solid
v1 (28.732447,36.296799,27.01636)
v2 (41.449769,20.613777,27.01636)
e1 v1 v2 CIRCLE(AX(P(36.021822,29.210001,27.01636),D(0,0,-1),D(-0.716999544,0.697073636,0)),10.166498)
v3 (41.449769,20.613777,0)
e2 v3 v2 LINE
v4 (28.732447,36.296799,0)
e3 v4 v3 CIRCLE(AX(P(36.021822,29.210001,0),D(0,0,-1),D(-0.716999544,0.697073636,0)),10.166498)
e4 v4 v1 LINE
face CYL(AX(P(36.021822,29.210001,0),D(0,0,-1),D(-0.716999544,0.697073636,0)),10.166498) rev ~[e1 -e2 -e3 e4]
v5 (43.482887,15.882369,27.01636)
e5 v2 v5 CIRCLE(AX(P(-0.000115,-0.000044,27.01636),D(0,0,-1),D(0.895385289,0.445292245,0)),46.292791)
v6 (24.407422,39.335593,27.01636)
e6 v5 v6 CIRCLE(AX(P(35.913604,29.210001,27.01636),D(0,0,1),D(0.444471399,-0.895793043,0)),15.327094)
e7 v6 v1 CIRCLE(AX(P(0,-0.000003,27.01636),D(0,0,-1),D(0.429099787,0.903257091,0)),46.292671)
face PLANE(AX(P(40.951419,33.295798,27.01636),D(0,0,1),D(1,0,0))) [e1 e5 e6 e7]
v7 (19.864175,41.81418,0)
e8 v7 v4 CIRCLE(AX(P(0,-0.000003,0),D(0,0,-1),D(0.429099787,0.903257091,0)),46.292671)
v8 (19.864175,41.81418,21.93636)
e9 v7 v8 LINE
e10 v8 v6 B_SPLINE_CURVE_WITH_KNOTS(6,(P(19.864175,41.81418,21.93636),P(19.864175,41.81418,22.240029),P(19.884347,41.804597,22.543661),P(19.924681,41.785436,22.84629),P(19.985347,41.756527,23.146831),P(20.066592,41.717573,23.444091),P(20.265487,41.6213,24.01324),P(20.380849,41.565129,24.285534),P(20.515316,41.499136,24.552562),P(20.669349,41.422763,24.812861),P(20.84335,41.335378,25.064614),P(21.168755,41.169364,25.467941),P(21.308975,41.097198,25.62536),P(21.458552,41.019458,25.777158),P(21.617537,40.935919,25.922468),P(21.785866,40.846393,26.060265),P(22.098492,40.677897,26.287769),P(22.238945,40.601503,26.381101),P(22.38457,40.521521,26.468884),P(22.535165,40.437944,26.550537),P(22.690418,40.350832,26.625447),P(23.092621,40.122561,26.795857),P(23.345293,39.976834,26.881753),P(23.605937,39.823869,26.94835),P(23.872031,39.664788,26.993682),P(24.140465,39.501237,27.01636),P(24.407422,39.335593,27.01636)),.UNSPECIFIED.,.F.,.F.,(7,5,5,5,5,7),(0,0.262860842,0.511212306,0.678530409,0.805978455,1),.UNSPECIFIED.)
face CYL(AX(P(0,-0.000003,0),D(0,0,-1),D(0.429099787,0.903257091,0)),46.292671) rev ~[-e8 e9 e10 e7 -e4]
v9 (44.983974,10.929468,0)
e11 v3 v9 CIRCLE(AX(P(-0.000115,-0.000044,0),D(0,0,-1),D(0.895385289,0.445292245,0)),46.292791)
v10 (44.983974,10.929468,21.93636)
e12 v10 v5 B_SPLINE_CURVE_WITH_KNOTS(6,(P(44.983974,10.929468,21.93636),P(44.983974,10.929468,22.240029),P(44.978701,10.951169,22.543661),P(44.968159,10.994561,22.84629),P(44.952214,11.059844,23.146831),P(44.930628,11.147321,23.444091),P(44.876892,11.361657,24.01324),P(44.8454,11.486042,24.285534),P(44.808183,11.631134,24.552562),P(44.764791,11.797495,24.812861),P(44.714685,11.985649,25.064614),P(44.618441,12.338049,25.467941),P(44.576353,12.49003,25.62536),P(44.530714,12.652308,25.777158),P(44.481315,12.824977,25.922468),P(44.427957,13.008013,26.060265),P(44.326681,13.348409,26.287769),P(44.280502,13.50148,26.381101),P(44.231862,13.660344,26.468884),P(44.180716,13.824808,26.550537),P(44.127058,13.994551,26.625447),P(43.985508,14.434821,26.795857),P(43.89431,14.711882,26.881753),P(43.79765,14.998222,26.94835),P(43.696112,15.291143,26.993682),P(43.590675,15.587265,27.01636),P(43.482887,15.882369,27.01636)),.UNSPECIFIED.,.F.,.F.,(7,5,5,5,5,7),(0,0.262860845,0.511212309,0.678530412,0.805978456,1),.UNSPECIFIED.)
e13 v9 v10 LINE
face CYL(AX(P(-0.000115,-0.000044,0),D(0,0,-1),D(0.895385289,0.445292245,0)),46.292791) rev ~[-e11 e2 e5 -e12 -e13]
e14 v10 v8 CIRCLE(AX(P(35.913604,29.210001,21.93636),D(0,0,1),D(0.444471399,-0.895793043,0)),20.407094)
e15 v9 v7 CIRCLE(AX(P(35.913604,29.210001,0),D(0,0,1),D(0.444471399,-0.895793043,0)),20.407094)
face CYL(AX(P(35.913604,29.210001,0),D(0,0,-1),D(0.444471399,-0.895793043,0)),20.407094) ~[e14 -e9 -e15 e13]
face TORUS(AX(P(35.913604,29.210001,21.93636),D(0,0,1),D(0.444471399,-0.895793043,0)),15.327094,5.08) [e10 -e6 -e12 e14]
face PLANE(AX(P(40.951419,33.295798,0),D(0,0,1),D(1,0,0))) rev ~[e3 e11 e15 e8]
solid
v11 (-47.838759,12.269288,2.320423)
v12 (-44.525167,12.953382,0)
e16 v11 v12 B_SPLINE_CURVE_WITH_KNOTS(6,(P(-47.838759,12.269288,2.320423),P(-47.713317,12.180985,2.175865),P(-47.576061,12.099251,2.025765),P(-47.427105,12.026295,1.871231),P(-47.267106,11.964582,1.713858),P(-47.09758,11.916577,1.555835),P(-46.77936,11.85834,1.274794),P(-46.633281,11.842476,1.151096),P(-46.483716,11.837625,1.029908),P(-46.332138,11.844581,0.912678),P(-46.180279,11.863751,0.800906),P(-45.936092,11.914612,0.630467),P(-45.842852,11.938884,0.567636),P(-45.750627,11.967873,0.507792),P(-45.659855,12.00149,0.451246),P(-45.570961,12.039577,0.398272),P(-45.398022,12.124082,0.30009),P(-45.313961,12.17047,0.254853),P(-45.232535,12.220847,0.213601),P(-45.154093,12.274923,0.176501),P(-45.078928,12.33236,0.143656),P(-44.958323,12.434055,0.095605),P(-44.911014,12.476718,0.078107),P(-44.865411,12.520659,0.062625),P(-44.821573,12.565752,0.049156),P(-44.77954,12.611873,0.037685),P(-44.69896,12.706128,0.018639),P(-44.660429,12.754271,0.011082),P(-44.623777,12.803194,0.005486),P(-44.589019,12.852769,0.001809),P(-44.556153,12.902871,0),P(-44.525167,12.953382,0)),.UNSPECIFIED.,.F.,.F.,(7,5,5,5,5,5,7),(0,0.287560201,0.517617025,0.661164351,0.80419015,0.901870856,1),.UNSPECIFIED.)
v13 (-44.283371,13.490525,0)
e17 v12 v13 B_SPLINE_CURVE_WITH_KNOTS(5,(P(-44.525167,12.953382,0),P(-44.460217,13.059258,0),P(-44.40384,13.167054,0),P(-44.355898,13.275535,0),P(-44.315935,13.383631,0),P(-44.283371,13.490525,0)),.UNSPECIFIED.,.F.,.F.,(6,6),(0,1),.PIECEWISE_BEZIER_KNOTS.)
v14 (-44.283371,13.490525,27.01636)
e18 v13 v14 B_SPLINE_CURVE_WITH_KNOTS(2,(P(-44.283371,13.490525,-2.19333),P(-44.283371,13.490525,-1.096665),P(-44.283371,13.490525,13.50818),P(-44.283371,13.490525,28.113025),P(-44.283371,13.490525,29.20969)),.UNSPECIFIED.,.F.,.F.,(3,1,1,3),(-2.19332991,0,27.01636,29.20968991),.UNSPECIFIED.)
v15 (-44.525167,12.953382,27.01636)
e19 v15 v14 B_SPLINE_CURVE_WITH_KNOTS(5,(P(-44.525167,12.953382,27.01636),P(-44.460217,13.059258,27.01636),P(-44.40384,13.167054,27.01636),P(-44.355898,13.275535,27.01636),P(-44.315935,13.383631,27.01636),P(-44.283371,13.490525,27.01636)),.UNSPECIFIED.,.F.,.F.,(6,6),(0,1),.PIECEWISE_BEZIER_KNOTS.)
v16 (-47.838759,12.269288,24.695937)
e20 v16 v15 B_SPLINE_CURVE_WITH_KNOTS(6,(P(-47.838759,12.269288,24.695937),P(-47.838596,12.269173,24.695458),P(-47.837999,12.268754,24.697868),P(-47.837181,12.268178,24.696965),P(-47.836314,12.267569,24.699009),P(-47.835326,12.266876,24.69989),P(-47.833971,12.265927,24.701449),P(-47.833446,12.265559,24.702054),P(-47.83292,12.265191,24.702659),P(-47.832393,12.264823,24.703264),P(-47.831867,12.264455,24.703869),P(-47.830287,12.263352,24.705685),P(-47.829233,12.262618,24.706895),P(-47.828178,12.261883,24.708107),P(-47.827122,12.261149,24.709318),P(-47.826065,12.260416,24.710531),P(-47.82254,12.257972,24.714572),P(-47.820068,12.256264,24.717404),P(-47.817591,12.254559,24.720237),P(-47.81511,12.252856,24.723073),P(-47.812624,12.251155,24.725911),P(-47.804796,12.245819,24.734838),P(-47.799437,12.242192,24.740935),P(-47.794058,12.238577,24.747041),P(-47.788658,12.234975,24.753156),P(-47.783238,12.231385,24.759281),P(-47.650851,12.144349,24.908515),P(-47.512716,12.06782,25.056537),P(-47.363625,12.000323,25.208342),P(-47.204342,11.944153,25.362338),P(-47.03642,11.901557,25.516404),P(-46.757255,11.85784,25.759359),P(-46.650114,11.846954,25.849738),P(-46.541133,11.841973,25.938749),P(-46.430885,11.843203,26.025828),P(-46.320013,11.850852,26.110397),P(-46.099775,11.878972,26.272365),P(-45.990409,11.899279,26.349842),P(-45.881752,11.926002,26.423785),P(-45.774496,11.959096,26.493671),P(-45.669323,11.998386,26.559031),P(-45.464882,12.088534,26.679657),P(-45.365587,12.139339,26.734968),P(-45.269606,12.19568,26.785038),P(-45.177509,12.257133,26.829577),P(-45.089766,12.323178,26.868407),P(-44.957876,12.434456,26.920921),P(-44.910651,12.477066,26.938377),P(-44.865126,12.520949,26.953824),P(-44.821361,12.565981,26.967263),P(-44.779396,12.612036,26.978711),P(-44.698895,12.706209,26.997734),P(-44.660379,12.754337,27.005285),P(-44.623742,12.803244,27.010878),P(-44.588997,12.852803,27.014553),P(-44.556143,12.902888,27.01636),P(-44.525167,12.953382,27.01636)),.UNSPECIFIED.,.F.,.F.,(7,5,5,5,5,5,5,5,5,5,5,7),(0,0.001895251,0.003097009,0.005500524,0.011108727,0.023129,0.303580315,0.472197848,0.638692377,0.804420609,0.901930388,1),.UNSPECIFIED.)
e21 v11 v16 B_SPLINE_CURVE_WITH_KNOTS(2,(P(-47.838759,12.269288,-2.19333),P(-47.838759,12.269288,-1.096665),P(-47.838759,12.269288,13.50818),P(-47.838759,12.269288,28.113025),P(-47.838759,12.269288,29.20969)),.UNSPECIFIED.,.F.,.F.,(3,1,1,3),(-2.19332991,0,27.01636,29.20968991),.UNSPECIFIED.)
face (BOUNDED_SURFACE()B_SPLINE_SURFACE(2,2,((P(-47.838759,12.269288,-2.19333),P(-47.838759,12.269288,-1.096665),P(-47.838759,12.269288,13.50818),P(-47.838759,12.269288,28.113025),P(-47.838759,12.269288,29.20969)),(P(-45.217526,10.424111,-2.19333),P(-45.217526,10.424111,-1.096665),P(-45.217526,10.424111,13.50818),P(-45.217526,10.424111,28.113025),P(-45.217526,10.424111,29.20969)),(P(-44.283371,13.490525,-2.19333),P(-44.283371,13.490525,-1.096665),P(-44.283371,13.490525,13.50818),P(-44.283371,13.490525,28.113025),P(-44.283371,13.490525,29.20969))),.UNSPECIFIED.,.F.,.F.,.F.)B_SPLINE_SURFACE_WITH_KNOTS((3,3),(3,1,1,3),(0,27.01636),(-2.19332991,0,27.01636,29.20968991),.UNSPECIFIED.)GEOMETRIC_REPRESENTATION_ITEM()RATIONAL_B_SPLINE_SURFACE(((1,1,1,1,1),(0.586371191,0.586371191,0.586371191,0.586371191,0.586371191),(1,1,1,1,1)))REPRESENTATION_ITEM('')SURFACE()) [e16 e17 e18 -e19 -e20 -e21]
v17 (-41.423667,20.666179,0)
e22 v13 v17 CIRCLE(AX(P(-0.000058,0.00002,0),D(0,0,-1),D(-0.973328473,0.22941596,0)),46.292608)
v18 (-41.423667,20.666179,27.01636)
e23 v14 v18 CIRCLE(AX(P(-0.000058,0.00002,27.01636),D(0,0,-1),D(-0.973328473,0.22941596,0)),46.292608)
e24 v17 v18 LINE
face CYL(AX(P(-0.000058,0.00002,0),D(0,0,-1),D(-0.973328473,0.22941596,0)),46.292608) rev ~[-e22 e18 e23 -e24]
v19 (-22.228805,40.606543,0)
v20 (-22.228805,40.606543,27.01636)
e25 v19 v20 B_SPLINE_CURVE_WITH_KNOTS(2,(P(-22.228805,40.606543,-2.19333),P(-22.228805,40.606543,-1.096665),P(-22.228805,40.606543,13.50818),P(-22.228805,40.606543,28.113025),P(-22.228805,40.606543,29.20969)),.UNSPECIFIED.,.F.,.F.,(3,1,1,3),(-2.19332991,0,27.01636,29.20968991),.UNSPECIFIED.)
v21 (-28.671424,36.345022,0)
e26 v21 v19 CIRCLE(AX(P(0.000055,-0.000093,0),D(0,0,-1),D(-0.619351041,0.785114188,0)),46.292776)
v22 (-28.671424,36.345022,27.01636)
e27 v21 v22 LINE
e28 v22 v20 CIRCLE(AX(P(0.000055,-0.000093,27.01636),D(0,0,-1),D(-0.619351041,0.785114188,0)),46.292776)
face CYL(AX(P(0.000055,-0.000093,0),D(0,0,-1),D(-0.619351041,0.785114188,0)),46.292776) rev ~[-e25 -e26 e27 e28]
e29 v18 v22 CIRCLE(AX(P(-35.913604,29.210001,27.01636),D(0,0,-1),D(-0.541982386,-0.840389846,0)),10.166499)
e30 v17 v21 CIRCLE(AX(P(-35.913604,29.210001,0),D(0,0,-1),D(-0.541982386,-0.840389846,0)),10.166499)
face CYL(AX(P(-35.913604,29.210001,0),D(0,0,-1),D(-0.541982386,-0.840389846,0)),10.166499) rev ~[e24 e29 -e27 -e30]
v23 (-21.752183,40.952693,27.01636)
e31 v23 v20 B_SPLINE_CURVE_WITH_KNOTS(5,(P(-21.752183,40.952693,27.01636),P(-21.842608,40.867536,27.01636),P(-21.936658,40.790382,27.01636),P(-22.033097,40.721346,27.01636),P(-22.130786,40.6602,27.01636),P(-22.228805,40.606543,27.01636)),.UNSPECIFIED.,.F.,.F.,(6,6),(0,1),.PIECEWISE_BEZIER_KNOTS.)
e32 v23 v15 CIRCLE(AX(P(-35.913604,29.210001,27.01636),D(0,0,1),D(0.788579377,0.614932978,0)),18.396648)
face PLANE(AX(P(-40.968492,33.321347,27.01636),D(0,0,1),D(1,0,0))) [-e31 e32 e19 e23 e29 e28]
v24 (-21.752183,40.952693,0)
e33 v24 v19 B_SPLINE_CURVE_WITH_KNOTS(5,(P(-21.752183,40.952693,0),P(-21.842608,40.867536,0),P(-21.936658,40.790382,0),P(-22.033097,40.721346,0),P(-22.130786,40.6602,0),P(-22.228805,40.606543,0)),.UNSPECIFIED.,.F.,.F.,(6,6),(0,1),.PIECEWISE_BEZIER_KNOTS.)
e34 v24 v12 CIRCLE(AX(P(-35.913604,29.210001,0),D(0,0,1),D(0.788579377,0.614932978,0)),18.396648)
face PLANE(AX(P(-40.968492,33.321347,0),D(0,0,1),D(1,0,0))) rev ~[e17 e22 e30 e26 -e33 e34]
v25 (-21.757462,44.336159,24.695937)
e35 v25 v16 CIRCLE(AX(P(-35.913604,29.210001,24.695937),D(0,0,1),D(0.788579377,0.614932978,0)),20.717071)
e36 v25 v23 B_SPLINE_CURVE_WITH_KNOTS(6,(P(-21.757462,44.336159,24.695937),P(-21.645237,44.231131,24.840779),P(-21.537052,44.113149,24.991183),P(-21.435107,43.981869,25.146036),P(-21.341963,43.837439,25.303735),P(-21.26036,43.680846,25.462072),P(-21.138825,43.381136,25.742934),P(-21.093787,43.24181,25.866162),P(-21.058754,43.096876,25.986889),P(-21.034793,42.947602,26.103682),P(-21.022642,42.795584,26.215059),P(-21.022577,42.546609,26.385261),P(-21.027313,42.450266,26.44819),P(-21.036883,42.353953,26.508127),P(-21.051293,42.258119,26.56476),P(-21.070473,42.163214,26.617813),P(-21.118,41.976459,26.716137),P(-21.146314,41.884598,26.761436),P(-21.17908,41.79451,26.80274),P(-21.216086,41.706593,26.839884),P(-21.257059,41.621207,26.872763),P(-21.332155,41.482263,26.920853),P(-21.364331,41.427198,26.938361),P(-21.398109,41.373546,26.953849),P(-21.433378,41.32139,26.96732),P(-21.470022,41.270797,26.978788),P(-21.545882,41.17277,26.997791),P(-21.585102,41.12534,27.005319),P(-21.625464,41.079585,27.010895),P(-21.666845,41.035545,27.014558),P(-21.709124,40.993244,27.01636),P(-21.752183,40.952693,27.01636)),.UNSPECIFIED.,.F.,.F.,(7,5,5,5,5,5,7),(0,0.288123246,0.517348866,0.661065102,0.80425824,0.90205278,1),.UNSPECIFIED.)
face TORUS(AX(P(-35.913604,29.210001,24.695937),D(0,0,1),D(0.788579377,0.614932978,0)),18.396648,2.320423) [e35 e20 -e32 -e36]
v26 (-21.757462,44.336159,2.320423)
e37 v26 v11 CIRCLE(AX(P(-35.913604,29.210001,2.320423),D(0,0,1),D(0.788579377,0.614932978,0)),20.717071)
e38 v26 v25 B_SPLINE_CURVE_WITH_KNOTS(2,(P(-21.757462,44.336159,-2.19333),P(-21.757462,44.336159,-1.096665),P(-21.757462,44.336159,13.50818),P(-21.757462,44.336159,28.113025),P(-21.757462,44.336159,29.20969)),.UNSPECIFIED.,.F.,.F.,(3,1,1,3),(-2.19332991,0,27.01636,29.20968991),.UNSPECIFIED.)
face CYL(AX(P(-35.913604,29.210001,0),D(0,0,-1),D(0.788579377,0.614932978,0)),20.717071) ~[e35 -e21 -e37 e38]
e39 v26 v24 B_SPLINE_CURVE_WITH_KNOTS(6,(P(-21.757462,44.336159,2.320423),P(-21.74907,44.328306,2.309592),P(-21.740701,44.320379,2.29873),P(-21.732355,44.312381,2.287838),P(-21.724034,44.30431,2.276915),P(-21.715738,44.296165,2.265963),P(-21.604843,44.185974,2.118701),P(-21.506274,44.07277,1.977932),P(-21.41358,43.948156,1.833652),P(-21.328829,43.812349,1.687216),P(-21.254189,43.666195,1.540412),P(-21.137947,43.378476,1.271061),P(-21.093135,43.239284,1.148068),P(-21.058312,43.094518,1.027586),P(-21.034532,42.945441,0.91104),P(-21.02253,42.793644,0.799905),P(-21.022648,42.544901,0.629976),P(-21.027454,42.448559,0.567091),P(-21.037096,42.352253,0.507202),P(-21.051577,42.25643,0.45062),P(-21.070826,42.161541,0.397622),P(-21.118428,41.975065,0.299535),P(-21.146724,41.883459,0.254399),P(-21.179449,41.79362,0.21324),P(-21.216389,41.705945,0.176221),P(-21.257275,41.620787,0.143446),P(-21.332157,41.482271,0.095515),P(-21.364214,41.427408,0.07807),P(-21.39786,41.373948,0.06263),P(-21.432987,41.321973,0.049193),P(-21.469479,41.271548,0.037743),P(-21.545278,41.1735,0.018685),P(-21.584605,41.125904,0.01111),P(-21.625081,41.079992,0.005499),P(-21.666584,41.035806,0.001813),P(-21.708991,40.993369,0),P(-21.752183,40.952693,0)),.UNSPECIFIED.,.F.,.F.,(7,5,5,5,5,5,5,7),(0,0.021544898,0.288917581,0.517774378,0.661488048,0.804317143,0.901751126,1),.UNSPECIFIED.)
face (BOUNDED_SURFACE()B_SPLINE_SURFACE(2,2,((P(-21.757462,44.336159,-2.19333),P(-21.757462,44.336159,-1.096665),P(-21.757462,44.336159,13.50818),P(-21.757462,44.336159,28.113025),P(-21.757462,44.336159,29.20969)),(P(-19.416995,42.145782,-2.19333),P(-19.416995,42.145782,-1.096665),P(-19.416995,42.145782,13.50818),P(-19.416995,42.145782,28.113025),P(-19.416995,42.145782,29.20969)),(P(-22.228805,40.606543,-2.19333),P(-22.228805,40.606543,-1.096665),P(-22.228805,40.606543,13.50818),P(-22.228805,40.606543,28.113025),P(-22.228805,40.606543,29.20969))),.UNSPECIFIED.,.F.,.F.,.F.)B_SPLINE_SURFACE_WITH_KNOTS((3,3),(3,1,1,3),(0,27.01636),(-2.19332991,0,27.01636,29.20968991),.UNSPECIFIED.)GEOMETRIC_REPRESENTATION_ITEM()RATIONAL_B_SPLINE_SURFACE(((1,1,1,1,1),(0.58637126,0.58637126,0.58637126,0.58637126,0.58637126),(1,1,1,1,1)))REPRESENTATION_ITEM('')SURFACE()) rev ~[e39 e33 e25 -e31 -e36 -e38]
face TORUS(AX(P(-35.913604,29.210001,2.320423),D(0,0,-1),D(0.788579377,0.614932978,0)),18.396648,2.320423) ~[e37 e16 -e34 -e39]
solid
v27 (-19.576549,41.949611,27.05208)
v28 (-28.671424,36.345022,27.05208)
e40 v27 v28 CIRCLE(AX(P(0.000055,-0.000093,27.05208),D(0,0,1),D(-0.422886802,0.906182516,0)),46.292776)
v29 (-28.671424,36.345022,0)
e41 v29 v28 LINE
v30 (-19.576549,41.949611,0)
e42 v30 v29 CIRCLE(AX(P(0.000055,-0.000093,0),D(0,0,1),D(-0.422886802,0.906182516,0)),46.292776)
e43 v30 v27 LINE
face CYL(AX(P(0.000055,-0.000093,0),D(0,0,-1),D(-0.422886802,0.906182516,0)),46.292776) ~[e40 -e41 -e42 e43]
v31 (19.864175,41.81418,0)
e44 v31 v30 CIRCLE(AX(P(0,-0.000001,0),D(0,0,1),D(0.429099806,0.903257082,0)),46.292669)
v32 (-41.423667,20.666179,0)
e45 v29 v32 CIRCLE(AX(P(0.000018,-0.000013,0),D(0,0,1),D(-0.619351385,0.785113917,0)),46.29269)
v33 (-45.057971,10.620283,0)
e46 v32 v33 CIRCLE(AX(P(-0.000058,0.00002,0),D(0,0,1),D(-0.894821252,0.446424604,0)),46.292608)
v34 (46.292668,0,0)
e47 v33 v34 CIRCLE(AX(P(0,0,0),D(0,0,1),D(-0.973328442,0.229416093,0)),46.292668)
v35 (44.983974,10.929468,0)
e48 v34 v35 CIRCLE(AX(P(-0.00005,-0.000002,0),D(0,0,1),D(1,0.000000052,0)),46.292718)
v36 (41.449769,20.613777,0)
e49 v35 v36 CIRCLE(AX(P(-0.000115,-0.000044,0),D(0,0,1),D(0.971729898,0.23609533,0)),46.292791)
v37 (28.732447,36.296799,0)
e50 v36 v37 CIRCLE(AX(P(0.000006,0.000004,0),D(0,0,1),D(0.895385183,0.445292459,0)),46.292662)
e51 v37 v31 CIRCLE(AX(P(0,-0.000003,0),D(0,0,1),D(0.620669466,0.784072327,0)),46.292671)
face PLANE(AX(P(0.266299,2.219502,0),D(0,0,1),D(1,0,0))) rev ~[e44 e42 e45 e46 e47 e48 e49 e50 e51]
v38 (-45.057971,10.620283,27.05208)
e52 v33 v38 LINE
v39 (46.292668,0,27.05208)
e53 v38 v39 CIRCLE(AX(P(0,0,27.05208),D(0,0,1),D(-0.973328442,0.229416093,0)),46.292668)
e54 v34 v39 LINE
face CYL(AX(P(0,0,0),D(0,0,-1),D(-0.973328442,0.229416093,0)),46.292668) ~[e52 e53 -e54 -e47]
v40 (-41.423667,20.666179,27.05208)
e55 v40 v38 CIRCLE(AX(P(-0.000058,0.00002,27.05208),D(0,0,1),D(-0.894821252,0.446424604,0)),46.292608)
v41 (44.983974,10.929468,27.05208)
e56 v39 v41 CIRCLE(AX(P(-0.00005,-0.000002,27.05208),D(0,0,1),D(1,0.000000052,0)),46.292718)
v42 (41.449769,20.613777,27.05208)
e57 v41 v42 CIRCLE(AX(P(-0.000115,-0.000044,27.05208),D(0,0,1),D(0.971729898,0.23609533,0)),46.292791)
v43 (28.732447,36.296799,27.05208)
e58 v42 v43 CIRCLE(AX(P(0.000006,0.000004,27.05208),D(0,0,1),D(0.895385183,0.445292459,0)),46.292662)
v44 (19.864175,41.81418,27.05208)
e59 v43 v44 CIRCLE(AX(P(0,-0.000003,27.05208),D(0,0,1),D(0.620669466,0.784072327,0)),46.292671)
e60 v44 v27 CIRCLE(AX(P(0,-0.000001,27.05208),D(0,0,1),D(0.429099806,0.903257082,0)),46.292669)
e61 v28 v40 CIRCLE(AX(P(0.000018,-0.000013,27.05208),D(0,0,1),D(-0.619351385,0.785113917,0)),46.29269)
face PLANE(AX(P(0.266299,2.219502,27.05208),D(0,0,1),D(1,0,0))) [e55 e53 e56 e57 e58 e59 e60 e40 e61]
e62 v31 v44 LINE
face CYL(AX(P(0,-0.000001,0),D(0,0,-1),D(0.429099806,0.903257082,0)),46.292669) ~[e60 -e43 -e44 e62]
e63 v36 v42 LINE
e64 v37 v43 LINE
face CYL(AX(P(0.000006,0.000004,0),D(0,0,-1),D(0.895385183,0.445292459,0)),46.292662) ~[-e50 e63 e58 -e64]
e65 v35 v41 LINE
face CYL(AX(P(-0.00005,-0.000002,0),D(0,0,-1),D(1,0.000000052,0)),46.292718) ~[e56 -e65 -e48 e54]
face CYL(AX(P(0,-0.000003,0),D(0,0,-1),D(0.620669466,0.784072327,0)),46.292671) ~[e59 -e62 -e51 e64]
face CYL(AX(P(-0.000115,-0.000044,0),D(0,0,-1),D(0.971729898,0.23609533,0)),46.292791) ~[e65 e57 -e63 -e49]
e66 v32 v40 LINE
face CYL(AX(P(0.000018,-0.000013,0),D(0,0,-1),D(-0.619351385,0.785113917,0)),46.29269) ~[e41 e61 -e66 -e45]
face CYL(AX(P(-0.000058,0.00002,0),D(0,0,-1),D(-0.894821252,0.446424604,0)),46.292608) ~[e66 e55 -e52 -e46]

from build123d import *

# Parameters (mm, degrees)
F1_DEPTH = 27.01636
F2_DEPTH = 27.05208
F3_R     = 2.320423
F4_R     = 5.08


with BuildPart() as f1:
    # F0 (on Top) → F1 (new body)
    with BuildSketch(Plane.XY):
        with BuildLine():
            ThreePointArc((-19.576549, 41.949611), (-51.985797, 42.282172), (-45.057971, 10.620283))
            ThreePointArc((-45.057971, 10.620283), (-43.53158, 15.74842), (-41.423667, 20.666179))
            ThreePointArc((-41.423667, 20.666179), (-43.800719, 35.624914), (-28.671424, 36.345022))
            ThreePointArc((-28.671424, 36.345022), (-24.286201, 39.410551), (-19.576549, 41.949611))
        make_face()
        with BuildLine():
            ThreePointArc((41.449769, 20.613777), (43.48729, 15.870309), (44.983974, 10.929468))
            ThreePointArc((44.983974, 10.929468), (51.745319, 42.086581), (19.864175, 41.81418))
            ThreePointArc((19.864175, 41.81418), (24.454412, 39.306397), (28.732447, 36.296799))
            ThreePointArc((28.732447, 36.296799), (43.918373, 35.613294), (41.449769, 20.613777))
        make_face()
    extrude(amount=F1_DEPTH)

    # F3
    f3_edges = [f1.edges().sort_by_distance(p)[0] for p in [
        (-19.576549, 41.949611, 13.50818),
        (-45.057971, 10.620283, 13.50818),
        (-51.985797, 42.282172, 0),
        (-51.985797, 42.282172, 27.01636),
    ]]
    fillet(f3_edges, radius=F3_R)

    # F4
    f4_edges = [f1.edges().sort_by_distance(p)[0] for p in [
        (-21.757461, 44.336159, 13.50818),
        (-51.985797, 42.282172, 2.320423),
        (-51.985797, 42.282172, 24.695937),
        (-47.838757, 12.269288, 13.50818),
        (51.745319, 42.086581, 27.01636),
    ]]
    fillet(f4_edges, radius=F4_R)


with BuildPart() as f2:
    # F0 (on Top) → F2 (new body)
    with BuildSketch(Plane.XY):
        with BuildLine():
            ThreePointArc((-45.057971, 10.620283), (-5.345907, -45.982958), (46.292668, 0))
            ThreePointArc((46.292668, 0), (45.96433, 5.50377), (44.983974, 10.929468))
            ThreePointArc((44.983974, 10.929468), (43.48729, 15.870309), (41.449769, 20.613777))
            ThreePointArc((41.449769, 20.613777), (35.956573, 29.157092), (28.732447, 36.296799))
            ThreePointArc((28.732447, 36.296799), (24.454412, 39.306397), (19.864175, 41.81418))
            ThreePointArc((19.864175, 41.81418), (0.158958, 46.292395), (-19.576549, 41.949611))
            ThreePointArc((-19.576549, 41.949611), (-24.286201, 39.410551), (-28.671424, 36.345022))
            ThreePointArc((-28.671424, 36.345022), (-35.913604, 29.210001), (-41.423667, 20.666179))
            ThreePointArc((-41.423667, 20.666179), (-43.53158, 15.74842), (-45.057971, 10.620283))
        make_face()
    extrude(amount=F2_DEPTH)


solid = Compound([f1.part, f2.part])
